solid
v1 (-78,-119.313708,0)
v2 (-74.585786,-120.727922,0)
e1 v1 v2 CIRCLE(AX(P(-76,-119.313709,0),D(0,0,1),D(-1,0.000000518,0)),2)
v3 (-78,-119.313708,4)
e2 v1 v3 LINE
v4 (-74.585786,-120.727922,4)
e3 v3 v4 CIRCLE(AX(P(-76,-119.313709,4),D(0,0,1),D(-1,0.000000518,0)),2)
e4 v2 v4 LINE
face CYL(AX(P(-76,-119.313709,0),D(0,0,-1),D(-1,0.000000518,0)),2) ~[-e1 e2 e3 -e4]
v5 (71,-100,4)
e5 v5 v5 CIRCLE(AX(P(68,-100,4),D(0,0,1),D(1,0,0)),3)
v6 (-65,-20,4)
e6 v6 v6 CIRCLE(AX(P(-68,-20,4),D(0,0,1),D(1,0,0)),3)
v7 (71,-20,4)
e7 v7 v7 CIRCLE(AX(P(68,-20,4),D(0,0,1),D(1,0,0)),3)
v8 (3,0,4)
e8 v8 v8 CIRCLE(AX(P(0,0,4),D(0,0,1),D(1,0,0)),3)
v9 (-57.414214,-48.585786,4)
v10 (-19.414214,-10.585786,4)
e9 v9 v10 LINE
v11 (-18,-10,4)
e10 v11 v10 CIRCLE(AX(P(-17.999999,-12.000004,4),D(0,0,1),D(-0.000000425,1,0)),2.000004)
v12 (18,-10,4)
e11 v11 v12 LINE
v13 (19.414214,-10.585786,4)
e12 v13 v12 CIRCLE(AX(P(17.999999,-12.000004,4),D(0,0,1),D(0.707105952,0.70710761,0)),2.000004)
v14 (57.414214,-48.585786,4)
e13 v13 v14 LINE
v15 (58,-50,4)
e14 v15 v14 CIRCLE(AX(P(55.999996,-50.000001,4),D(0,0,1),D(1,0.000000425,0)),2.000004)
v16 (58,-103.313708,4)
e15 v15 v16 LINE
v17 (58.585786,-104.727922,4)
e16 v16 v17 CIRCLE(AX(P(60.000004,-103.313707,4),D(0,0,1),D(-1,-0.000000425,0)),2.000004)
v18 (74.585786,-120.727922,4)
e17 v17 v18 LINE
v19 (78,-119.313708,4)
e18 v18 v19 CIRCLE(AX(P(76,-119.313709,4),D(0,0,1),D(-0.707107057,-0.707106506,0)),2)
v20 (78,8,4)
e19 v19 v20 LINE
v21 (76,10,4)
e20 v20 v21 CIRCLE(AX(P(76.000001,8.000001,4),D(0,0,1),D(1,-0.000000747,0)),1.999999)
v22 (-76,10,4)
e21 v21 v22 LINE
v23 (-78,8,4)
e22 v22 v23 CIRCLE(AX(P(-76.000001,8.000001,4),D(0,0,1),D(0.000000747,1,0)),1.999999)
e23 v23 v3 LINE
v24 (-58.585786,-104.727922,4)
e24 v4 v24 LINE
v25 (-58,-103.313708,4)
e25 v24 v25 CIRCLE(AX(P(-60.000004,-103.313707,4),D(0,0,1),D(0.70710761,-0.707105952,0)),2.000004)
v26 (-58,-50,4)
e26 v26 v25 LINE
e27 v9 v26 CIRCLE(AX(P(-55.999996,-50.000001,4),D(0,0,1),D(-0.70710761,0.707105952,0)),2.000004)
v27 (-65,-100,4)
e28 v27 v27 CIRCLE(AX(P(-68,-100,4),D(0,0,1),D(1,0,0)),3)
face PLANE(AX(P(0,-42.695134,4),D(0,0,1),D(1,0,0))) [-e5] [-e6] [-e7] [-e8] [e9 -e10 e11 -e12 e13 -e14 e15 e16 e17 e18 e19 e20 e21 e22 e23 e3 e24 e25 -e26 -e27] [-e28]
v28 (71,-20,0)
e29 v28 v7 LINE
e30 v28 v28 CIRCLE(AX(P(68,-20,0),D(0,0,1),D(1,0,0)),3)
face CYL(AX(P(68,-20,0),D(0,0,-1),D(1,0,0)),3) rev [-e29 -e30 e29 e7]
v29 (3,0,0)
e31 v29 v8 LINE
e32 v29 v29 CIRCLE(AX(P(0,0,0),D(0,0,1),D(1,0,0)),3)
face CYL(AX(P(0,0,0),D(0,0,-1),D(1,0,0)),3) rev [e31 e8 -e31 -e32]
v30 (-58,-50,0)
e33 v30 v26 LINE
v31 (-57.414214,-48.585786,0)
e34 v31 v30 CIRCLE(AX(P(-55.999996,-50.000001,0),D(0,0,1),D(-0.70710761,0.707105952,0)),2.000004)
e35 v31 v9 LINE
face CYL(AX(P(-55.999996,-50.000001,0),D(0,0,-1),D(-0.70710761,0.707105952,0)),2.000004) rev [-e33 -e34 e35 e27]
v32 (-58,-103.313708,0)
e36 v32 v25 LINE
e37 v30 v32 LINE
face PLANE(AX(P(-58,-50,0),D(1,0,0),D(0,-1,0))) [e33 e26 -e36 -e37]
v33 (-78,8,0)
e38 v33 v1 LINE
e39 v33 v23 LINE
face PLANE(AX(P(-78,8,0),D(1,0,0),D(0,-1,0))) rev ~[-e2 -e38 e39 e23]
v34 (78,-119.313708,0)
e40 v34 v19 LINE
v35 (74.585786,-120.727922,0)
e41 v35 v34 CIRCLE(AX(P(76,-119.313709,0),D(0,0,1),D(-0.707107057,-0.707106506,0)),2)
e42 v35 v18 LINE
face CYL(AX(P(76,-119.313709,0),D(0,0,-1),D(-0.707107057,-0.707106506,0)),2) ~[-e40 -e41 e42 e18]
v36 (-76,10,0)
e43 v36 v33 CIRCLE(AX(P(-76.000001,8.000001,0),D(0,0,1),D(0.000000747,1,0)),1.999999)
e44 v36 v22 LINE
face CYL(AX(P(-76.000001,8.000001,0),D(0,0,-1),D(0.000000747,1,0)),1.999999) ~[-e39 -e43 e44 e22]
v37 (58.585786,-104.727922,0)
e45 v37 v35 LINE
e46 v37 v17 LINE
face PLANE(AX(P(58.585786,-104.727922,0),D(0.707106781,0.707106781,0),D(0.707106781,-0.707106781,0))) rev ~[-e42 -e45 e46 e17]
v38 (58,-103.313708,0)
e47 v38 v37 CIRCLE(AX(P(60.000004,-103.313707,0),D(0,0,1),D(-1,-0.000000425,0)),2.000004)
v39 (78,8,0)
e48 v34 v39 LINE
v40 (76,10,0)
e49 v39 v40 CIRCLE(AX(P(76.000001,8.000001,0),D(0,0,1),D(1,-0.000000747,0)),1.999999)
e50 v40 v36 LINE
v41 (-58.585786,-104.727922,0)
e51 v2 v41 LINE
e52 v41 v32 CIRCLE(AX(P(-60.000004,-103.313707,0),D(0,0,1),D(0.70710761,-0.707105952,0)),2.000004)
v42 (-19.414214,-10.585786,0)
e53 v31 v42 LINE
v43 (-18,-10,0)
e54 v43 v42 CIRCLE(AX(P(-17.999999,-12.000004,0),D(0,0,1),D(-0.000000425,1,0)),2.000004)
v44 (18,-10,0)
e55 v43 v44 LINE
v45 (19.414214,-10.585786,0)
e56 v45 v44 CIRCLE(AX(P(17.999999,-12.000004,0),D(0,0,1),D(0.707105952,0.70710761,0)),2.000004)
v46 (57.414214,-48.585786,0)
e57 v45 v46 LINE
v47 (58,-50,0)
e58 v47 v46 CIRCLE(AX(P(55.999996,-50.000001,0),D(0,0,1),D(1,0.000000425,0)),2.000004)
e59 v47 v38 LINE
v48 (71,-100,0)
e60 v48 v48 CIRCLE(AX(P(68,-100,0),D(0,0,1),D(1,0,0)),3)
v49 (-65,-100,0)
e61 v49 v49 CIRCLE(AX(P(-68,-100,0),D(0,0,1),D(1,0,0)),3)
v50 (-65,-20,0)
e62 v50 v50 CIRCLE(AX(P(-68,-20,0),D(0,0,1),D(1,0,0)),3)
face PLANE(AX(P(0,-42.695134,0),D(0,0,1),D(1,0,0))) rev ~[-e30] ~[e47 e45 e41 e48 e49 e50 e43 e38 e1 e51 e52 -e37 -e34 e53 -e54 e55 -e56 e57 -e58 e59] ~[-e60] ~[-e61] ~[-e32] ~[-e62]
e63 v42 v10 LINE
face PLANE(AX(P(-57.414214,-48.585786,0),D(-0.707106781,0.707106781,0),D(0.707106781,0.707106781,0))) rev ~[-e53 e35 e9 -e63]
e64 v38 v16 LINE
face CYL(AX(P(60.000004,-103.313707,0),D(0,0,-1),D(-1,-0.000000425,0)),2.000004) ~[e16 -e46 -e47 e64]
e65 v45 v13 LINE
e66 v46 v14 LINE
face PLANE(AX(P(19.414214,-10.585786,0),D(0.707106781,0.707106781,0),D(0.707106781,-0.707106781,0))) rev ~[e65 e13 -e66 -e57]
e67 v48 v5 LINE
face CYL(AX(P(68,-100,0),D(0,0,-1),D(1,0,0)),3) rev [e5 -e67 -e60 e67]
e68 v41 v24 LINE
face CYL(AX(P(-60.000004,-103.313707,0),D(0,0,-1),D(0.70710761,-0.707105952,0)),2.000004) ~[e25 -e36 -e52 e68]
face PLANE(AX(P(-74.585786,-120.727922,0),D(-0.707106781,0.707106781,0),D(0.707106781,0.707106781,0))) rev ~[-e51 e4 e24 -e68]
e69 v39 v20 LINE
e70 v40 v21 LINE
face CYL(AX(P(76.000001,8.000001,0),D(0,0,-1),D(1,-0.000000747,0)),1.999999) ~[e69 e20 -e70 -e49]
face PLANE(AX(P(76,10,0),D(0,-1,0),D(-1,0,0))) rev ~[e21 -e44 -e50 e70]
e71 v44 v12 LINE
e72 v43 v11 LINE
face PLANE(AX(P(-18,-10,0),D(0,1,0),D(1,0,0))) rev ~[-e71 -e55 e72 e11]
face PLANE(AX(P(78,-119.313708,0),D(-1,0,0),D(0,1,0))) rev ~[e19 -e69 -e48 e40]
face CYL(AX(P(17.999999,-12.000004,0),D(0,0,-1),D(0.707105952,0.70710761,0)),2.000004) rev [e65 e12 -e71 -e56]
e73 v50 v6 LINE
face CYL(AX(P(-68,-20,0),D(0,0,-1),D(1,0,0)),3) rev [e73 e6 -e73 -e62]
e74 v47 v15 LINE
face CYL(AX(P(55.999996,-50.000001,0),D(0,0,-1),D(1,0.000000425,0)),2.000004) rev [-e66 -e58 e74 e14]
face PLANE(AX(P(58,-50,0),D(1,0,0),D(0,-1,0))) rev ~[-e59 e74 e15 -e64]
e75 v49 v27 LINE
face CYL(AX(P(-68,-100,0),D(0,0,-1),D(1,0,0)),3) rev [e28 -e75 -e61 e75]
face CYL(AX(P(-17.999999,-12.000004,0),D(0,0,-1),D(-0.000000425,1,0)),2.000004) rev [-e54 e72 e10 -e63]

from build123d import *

# Parameters (mm, degrees)
SKETCH_R  = 3
PAD_DEPTH = 4


with BuildPart() as part:
    # Sketch → Pad (new body)
    with BuildSketch(Plane.XY):
        with BuildLine():
            Line((-78, 8), (-78, -119.313708))
            ThreePointArc((-78, -119.313708), (-76.765367, -121.161468), (-74.585786, -120.727922))
            Line((-74.585786, -120.727922), (-58.585786, -104.727922))
            ThreePointArc((-58.585786, -104.727922), (-58.152241, -104.079075), (-58, -103.313708))
            Line((-58, -50), (-58, -103.313708))
            ThreePointArc((-57.414214, -48.585786), (-57.847759, -49.234633), (-58, -50))
            Line((-57.414214, -48.585786), (-19.414214, -10.585786))
            ThreePointArc((-18, -10), (-18.765367, -10.152241), (-19.414214, -10.585786))
            Line((-18, -10), (18, -10))
            ThreePointArc((19.414214, -10.585786), (18.765367, -10.152241), (18, -10))
            Line((19.414214, -10.585786), (57.414214, -48.585786))
            ThreePointArc((58, -50), (57.847759, -49.234633), (57.414214, -48.585786))
            Line((58, -50), (58, -103.313708))
            ThreePointArc((58, -103.313708), (58.152241, -104.079075), (58.585786, -104.727922))
            Line((58.585786, -104.727922), (74.585786, -120.727922))
            ThreePointArc((74.585786, -120.727922), (76.765367, -121.161468), (78, -119.313708))
            Line((78, -119.313708), (78, 8))
            ThreePointArc((78, 8), (77.414214, 9.414214), (76, 10))
            Line((76, 10), (-76, 10))
            ThreePointArc((-76, 10), (-77.414214, 9.414214), (-78, 8))
        make_face()
        with Locations((-68, -20)):
            Circle(SKETCH_R, mode=Mode.SUBTRACT)
        with Locations((-68, -100)):
            Circle(SKETCH_R, mode=Mode.SUBTRACT)
        with Locations((68, -20)):
            Circle(SKETCH_R, mode=Mode.SUBTRACT)
        with Locations((68, -100)):
            Circle(SKETCH_R, mode=Mode.SUBTRACT)
        Circle(SKETCH_R, mode=Mode.SUBTRACT)
    extrude(amount=PAD_DEPTH)


solid = part.part
